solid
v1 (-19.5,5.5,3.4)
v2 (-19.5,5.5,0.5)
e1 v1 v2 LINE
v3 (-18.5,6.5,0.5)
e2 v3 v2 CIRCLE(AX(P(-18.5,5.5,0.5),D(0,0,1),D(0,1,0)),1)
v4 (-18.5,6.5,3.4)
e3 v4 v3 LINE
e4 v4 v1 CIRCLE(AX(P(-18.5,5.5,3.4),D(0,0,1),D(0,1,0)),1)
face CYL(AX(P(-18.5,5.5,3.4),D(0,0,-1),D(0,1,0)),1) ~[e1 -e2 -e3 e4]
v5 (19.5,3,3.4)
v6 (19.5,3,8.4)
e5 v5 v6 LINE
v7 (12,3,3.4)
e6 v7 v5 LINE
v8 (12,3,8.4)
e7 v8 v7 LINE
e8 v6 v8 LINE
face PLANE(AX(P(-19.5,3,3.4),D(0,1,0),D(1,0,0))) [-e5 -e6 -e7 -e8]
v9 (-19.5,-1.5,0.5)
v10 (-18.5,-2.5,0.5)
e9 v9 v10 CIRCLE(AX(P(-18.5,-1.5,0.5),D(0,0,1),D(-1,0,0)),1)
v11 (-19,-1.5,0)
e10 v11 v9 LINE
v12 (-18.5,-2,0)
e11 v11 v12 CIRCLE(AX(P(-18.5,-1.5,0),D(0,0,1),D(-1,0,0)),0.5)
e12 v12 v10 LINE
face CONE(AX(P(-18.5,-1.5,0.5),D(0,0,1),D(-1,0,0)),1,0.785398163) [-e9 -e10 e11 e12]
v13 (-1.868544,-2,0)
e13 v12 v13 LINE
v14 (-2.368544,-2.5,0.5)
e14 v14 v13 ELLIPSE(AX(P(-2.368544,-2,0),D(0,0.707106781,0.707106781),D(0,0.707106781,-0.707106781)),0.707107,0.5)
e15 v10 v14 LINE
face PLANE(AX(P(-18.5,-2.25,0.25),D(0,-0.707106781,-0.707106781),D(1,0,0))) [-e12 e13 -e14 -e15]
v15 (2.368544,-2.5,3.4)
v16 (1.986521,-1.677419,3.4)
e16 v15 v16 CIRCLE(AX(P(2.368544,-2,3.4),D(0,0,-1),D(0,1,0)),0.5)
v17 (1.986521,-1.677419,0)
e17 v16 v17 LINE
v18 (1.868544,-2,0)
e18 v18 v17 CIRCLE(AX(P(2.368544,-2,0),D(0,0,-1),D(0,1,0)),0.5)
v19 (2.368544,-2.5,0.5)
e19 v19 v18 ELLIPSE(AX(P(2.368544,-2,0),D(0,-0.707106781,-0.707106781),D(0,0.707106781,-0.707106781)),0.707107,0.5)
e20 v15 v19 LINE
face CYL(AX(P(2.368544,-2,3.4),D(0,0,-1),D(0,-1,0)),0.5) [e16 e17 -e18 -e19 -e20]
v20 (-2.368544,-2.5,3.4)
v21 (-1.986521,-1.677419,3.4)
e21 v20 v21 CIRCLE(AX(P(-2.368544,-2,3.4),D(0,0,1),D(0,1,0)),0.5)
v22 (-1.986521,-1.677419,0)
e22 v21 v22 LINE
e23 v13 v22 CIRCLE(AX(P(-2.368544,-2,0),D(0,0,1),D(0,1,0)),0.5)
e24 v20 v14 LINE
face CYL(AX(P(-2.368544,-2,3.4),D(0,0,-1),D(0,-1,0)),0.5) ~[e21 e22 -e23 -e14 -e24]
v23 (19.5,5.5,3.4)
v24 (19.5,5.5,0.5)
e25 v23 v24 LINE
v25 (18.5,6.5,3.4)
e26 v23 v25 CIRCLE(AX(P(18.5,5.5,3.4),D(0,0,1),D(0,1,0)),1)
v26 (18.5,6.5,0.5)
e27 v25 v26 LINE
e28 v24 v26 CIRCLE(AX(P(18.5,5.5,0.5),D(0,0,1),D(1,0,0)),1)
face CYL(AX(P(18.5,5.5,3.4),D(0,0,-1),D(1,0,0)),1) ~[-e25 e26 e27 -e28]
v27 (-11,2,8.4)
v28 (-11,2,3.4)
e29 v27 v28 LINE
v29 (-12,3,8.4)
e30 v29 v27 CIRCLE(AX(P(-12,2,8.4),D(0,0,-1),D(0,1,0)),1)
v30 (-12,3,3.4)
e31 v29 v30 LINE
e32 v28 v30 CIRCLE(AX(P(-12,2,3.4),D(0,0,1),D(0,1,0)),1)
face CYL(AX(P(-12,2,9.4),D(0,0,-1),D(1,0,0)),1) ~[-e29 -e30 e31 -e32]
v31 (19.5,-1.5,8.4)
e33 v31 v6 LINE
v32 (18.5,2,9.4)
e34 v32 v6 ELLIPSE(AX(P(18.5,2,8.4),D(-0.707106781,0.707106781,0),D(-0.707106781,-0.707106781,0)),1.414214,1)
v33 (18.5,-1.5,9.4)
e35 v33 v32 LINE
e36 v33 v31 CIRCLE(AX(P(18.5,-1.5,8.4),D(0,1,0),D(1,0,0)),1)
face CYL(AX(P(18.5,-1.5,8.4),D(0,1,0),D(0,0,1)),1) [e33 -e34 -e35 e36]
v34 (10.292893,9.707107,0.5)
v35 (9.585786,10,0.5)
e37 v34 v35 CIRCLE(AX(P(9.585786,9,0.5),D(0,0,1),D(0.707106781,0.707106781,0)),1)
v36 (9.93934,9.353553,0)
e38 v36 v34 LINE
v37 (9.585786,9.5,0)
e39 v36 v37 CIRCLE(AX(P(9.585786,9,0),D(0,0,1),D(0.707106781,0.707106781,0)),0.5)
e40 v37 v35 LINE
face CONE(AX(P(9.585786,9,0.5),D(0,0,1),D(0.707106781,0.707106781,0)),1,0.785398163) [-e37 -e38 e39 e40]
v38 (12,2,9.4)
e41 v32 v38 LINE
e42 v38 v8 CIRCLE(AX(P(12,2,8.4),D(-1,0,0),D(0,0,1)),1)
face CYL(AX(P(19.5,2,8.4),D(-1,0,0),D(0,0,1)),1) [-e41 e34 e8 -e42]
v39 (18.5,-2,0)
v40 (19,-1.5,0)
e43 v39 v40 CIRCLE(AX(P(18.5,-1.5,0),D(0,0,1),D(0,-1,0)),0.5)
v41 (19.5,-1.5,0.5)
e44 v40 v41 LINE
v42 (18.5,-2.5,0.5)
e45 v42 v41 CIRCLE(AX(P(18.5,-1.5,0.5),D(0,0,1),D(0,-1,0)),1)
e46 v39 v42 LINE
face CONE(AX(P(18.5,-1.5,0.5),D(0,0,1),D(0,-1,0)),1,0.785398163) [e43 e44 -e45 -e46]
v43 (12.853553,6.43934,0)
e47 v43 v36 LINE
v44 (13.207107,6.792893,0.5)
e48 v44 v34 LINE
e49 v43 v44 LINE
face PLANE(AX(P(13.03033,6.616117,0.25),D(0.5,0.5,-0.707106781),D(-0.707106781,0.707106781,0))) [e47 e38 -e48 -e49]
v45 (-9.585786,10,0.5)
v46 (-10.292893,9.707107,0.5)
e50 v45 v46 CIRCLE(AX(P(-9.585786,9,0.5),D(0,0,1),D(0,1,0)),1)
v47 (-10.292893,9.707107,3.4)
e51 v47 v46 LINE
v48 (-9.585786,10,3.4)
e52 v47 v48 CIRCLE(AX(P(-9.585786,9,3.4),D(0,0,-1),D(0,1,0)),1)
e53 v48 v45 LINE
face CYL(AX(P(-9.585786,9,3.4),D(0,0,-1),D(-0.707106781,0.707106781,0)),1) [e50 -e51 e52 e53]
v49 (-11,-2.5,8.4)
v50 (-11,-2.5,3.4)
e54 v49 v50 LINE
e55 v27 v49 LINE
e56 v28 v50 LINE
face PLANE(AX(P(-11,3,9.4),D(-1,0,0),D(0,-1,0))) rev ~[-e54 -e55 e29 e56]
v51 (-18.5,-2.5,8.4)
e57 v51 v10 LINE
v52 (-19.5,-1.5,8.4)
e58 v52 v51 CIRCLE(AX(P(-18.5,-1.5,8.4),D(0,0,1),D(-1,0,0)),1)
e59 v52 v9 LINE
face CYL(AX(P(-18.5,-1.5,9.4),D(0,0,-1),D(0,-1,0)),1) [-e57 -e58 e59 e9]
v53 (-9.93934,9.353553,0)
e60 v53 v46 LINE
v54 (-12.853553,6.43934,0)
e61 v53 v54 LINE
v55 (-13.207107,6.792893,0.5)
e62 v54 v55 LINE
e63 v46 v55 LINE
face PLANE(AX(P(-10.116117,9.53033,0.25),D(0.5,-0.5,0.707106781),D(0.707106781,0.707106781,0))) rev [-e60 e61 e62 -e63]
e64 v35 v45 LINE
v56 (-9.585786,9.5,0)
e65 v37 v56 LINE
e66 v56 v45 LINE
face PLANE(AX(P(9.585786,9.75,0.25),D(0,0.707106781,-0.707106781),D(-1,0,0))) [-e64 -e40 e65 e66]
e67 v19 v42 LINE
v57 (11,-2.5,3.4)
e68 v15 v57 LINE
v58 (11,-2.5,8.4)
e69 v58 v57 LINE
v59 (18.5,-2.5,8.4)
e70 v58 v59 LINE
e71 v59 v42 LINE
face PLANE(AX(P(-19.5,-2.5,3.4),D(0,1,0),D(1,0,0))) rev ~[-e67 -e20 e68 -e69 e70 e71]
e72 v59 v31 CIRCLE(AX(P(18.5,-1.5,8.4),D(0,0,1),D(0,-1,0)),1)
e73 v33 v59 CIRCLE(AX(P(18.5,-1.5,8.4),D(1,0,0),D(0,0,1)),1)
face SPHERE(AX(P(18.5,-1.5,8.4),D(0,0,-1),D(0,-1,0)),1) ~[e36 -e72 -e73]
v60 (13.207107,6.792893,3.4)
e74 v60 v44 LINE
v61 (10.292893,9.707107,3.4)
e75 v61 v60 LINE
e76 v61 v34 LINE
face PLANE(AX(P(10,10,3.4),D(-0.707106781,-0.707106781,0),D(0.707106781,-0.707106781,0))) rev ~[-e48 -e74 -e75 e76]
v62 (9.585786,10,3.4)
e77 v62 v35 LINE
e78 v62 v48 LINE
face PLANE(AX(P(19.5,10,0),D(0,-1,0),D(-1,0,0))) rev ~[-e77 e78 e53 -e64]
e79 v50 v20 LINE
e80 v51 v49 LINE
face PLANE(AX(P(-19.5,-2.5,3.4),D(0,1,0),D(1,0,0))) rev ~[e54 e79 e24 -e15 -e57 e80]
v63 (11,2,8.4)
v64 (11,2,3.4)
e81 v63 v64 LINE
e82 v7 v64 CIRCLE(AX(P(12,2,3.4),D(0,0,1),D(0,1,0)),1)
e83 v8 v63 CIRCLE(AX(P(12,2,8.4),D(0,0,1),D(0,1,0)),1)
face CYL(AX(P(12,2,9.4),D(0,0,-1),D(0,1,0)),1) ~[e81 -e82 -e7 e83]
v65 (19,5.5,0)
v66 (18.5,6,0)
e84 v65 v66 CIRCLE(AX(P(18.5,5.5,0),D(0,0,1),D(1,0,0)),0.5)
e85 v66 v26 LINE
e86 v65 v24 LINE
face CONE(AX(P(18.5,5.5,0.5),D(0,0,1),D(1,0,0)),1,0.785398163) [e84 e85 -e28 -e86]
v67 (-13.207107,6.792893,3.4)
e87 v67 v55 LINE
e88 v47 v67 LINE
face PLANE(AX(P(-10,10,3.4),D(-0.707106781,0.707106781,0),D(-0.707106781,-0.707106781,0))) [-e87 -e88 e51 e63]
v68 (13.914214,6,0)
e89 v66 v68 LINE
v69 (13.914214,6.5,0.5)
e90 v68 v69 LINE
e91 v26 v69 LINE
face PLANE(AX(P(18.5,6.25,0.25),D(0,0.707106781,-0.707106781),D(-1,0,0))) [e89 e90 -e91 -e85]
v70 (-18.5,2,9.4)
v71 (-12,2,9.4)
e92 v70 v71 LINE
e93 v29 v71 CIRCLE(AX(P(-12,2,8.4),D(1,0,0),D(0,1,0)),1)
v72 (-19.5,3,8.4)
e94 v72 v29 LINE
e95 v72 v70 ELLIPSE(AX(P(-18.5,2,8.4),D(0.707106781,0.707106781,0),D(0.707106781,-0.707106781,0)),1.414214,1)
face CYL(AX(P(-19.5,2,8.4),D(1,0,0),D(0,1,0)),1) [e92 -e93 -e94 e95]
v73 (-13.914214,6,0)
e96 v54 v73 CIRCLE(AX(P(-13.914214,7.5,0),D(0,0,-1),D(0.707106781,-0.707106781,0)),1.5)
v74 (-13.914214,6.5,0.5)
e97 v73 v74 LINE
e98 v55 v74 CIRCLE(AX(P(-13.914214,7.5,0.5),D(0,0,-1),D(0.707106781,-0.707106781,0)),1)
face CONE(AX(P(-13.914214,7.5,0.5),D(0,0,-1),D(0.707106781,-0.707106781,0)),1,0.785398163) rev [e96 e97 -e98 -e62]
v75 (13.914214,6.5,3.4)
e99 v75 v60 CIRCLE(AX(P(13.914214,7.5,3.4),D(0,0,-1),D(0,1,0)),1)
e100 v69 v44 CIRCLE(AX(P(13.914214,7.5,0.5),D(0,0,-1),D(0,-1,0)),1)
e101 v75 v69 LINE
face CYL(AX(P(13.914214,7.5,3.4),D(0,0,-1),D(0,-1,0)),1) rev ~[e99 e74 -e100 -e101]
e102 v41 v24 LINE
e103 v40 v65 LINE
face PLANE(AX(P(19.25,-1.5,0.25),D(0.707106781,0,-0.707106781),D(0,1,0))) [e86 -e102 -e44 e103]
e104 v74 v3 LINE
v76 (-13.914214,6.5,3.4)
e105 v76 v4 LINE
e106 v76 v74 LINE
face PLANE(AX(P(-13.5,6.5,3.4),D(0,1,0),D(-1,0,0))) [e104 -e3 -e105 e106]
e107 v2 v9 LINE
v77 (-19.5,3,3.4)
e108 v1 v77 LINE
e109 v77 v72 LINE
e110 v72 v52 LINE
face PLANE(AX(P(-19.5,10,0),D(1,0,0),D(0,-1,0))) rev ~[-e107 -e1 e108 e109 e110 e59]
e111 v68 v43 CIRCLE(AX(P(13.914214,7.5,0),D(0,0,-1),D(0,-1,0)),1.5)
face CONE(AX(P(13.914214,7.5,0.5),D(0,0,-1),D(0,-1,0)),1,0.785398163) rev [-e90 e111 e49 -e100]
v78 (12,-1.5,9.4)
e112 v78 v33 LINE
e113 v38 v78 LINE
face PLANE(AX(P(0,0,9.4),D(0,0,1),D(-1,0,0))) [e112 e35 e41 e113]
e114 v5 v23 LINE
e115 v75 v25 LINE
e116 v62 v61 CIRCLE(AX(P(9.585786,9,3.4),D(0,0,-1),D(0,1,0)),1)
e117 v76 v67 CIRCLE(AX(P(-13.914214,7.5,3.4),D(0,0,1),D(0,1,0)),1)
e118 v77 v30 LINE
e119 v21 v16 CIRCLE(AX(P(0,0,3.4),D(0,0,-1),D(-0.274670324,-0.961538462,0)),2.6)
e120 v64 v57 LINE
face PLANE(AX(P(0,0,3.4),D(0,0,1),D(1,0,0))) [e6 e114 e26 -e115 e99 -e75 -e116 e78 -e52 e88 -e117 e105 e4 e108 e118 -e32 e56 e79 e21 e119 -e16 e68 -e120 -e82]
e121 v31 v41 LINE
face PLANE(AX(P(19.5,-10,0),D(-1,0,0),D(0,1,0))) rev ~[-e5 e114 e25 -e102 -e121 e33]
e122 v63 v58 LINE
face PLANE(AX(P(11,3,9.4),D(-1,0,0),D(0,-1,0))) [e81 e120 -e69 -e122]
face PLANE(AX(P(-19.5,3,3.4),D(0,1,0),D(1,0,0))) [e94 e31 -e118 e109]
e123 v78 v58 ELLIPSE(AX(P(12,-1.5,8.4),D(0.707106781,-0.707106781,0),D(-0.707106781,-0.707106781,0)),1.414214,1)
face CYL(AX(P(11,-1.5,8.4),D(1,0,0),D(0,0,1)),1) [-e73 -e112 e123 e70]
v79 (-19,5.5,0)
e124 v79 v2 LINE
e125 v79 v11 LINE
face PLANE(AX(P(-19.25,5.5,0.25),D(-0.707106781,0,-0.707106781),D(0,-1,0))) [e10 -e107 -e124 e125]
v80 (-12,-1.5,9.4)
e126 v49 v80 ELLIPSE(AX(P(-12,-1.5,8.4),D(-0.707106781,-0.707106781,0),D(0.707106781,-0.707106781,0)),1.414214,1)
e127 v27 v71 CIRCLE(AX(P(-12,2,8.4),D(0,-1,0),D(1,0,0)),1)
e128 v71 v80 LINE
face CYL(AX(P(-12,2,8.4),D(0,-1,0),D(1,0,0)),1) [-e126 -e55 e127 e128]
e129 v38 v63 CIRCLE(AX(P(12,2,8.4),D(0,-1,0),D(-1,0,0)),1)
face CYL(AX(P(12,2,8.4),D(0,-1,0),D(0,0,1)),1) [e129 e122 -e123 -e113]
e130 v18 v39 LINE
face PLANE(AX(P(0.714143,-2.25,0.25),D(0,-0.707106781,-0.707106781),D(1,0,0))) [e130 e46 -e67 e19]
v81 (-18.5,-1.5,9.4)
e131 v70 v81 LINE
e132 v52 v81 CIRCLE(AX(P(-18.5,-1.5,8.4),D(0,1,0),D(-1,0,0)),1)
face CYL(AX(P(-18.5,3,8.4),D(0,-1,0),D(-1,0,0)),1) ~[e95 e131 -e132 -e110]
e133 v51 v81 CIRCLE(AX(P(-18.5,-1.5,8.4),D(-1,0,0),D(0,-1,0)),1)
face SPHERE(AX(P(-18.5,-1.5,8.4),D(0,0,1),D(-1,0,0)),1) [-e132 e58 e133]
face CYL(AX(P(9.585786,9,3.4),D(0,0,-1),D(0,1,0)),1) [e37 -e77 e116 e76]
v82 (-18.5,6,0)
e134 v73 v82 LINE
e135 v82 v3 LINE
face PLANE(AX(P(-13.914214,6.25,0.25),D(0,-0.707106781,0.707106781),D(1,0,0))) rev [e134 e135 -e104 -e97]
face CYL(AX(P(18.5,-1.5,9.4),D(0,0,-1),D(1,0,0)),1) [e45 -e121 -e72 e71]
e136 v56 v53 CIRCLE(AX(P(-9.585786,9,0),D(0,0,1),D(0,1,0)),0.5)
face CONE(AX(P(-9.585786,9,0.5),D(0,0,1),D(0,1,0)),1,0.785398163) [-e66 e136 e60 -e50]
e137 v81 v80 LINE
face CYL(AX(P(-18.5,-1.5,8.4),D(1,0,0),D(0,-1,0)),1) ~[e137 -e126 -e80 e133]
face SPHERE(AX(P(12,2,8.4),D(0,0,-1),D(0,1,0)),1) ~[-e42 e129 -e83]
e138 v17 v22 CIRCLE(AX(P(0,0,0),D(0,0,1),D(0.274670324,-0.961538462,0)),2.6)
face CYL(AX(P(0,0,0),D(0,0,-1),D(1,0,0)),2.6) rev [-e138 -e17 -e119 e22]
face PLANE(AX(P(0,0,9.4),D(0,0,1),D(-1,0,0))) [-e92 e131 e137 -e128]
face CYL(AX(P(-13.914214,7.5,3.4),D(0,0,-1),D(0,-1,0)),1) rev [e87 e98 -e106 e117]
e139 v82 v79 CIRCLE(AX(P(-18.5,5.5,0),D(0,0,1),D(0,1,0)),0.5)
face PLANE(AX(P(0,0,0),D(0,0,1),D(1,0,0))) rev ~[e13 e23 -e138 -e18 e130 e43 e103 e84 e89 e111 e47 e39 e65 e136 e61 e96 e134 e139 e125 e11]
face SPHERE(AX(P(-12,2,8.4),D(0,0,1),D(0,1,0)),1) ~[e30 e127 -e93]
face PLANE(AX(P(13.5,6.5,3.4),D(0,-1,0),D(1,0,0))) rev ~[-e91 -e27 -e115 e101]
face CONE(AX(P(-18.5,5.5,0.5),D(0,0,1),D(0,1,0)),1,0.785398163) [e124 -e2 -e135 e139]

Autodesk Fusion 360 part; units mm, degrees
sketch "Sketch1" plane through (0, 0, 0) normal (0, 0, 1) x (1, 0, 0)
  line L0 (19.5, 10) -> (-19.5, 10)
  line L1 (-19.5, 10) -> (-19.5, -10)
  line L2 (-19.5, -10) -> (19.5, -10)
  line L3 (19.5, -10) -> (19.5, 10)
  line L4 (19.5, 10) -> (-19.5, -10) construction
  line L5 (-19.5, 10) -> (19.5, -10) construction
  circle A0 centre (0, 0) radius 2.6
  dimension "d1" = 5.2
  dimension "d2" = 39
  dimension "d3" = 20
extrude "Extrude1" add sketch "Sketch1" along normal blind 3.4
sketch "Sketch2" plane through (0, 0, 3.4) normal (0, 0, 1) x (-1, 0, 0)
  circle A0 centre (0, 0) radius 2.6
  line L0 (-19.5, 10) -> (-19.5, -10)
  line L1 (-19.5, -10) -> (19.5, -10)
  line L2 (19.5, -10) -> (19.5, 10)
  line L3 (19.5, 10) -> (-19.5, 10)
  line L4 (19.5, 3) -> (-19.5, 3)
  line L5 (19.5, -3) -> (-19.5, -3)
  line L6 (-19.5, 3) -> (19.5, -3) construction
  dimension "d7" = 6
extrude "Extrude2" add sketch "Sketch2" along normal blind 6 contours L0 L2 L4 L5
extrude "Extrude5" cut 1 faces at (-6.5, -10, 2.2667) along direction (0, 1, 0) up to surface (7 mm away)
sketch "Sketch3" plane through (0, 0, 9.4) normal (0, 0, 1) x (-1, 0, 0)
  line L0 (19.5, 3) -> (-19.5, 3)
  line L1 (-19.5, 3) -> (-19.5, -3)
  line L2 (-19.5, -3) -> (19.5, -3)
  line L3 (19.5, -3) -> (19.5, 3)
  line L4 (11, -3) -> (11, 3)
  line L5 (-11, -3) -> (-11, 3)
  circle A0 centre (0, 0) radius 2.6
  dimension "d11" = 11
  dimension "d12" = 11
extrude "Extrude3" cut sketch "Sketch3" against normal up to surface (6 mm away) contours L0 L2 L4 L5
extrude "Extrude4" cut 1 faces at (-16.6667, -3, 4.2667) along direction (0, 1, 0) blind 0.5
sketch "Sketch4" plane through (0, 0, 3.4) normal (0, 0, 1) x (-1, 0, 0)
  line L0 (11, 2.5) -> (0.7141, 2.5)
  arc A0 (-0.7141, 2.5) -> (0.7141, 2.5) centre (0, 0) ccw
  line L1 (-0.7141, 2.5) -> (-11, 2.5)
  line L2 (-11, 2.5) -> (-11, -3)
  line L3 (-11, -3) -> (-19.5, -3)
  line L4 (-19.5, -3) -> (-19.5, -10)
  line L5 (-19.5, -10) -> (19.5, -10)
  line L6 (19.5, -10) -> (19.5, -3)
  line L7 (19.5, -3) -> (11, -3)
  line L8 (11, -3) -> (11, 2.5)
  line L9 (10, -10) -> (13.5, -6.5)
  line L10 (13.5, -6.5) -> (19.5, -6.5)
  line L11 (-10, -10) -> (-13.5, -6.5)
  line L12 (-13.5, -6.5) -> (-19.5, -6.5)
  dimension "d24" = 20
  dimension "d25" = 3.5
  dimension "d26" = 3.5
  dimension "d27" = 135
  dimension "d28" = 135
extrude "Extrude6" cut sketch "Sketch4" against normal through all contours L5 L6 L9 L10 | L4 L5 L11 L12
fillet "Fillet2" radius 1 10 edges at (-19.5, -2.5, 4.7) (19.5, -2.5, 4.7) (11, 3, 6.4) (-11, 3, 6.4) (19.5, 6.5, 1.7) (-19.5, 6.5, 1.7) (-10, 10, 1.7) (10, 10, 1.7) (-13.5, 6.5, 1.7) (13.5, 6.5, 1.7)
fillet "Fillet1" radius 1 8 edges at (-15.25, -2.5, 9.4) (-19.5, 0.25, 9.4) (-11, 0.25, 9.4) (-15.25, 3, 9.4) (11, 0.25, 9.4) (15.25, -2.5, 9.4) (15.25, 3, 9.4) (19.5, 0.25, 9.4)
chamfer "Chamfer1" distance 0.5 angle 45 3 edges at (-19.5, 3.75, 0) (0, 10, 0) (19.5, 3.75, 0)
fillet "Fillet3" radius 0.5 2 edges at (-0.7141, -2.5, 1.95) (0.7141, -2.5, 1.95)
